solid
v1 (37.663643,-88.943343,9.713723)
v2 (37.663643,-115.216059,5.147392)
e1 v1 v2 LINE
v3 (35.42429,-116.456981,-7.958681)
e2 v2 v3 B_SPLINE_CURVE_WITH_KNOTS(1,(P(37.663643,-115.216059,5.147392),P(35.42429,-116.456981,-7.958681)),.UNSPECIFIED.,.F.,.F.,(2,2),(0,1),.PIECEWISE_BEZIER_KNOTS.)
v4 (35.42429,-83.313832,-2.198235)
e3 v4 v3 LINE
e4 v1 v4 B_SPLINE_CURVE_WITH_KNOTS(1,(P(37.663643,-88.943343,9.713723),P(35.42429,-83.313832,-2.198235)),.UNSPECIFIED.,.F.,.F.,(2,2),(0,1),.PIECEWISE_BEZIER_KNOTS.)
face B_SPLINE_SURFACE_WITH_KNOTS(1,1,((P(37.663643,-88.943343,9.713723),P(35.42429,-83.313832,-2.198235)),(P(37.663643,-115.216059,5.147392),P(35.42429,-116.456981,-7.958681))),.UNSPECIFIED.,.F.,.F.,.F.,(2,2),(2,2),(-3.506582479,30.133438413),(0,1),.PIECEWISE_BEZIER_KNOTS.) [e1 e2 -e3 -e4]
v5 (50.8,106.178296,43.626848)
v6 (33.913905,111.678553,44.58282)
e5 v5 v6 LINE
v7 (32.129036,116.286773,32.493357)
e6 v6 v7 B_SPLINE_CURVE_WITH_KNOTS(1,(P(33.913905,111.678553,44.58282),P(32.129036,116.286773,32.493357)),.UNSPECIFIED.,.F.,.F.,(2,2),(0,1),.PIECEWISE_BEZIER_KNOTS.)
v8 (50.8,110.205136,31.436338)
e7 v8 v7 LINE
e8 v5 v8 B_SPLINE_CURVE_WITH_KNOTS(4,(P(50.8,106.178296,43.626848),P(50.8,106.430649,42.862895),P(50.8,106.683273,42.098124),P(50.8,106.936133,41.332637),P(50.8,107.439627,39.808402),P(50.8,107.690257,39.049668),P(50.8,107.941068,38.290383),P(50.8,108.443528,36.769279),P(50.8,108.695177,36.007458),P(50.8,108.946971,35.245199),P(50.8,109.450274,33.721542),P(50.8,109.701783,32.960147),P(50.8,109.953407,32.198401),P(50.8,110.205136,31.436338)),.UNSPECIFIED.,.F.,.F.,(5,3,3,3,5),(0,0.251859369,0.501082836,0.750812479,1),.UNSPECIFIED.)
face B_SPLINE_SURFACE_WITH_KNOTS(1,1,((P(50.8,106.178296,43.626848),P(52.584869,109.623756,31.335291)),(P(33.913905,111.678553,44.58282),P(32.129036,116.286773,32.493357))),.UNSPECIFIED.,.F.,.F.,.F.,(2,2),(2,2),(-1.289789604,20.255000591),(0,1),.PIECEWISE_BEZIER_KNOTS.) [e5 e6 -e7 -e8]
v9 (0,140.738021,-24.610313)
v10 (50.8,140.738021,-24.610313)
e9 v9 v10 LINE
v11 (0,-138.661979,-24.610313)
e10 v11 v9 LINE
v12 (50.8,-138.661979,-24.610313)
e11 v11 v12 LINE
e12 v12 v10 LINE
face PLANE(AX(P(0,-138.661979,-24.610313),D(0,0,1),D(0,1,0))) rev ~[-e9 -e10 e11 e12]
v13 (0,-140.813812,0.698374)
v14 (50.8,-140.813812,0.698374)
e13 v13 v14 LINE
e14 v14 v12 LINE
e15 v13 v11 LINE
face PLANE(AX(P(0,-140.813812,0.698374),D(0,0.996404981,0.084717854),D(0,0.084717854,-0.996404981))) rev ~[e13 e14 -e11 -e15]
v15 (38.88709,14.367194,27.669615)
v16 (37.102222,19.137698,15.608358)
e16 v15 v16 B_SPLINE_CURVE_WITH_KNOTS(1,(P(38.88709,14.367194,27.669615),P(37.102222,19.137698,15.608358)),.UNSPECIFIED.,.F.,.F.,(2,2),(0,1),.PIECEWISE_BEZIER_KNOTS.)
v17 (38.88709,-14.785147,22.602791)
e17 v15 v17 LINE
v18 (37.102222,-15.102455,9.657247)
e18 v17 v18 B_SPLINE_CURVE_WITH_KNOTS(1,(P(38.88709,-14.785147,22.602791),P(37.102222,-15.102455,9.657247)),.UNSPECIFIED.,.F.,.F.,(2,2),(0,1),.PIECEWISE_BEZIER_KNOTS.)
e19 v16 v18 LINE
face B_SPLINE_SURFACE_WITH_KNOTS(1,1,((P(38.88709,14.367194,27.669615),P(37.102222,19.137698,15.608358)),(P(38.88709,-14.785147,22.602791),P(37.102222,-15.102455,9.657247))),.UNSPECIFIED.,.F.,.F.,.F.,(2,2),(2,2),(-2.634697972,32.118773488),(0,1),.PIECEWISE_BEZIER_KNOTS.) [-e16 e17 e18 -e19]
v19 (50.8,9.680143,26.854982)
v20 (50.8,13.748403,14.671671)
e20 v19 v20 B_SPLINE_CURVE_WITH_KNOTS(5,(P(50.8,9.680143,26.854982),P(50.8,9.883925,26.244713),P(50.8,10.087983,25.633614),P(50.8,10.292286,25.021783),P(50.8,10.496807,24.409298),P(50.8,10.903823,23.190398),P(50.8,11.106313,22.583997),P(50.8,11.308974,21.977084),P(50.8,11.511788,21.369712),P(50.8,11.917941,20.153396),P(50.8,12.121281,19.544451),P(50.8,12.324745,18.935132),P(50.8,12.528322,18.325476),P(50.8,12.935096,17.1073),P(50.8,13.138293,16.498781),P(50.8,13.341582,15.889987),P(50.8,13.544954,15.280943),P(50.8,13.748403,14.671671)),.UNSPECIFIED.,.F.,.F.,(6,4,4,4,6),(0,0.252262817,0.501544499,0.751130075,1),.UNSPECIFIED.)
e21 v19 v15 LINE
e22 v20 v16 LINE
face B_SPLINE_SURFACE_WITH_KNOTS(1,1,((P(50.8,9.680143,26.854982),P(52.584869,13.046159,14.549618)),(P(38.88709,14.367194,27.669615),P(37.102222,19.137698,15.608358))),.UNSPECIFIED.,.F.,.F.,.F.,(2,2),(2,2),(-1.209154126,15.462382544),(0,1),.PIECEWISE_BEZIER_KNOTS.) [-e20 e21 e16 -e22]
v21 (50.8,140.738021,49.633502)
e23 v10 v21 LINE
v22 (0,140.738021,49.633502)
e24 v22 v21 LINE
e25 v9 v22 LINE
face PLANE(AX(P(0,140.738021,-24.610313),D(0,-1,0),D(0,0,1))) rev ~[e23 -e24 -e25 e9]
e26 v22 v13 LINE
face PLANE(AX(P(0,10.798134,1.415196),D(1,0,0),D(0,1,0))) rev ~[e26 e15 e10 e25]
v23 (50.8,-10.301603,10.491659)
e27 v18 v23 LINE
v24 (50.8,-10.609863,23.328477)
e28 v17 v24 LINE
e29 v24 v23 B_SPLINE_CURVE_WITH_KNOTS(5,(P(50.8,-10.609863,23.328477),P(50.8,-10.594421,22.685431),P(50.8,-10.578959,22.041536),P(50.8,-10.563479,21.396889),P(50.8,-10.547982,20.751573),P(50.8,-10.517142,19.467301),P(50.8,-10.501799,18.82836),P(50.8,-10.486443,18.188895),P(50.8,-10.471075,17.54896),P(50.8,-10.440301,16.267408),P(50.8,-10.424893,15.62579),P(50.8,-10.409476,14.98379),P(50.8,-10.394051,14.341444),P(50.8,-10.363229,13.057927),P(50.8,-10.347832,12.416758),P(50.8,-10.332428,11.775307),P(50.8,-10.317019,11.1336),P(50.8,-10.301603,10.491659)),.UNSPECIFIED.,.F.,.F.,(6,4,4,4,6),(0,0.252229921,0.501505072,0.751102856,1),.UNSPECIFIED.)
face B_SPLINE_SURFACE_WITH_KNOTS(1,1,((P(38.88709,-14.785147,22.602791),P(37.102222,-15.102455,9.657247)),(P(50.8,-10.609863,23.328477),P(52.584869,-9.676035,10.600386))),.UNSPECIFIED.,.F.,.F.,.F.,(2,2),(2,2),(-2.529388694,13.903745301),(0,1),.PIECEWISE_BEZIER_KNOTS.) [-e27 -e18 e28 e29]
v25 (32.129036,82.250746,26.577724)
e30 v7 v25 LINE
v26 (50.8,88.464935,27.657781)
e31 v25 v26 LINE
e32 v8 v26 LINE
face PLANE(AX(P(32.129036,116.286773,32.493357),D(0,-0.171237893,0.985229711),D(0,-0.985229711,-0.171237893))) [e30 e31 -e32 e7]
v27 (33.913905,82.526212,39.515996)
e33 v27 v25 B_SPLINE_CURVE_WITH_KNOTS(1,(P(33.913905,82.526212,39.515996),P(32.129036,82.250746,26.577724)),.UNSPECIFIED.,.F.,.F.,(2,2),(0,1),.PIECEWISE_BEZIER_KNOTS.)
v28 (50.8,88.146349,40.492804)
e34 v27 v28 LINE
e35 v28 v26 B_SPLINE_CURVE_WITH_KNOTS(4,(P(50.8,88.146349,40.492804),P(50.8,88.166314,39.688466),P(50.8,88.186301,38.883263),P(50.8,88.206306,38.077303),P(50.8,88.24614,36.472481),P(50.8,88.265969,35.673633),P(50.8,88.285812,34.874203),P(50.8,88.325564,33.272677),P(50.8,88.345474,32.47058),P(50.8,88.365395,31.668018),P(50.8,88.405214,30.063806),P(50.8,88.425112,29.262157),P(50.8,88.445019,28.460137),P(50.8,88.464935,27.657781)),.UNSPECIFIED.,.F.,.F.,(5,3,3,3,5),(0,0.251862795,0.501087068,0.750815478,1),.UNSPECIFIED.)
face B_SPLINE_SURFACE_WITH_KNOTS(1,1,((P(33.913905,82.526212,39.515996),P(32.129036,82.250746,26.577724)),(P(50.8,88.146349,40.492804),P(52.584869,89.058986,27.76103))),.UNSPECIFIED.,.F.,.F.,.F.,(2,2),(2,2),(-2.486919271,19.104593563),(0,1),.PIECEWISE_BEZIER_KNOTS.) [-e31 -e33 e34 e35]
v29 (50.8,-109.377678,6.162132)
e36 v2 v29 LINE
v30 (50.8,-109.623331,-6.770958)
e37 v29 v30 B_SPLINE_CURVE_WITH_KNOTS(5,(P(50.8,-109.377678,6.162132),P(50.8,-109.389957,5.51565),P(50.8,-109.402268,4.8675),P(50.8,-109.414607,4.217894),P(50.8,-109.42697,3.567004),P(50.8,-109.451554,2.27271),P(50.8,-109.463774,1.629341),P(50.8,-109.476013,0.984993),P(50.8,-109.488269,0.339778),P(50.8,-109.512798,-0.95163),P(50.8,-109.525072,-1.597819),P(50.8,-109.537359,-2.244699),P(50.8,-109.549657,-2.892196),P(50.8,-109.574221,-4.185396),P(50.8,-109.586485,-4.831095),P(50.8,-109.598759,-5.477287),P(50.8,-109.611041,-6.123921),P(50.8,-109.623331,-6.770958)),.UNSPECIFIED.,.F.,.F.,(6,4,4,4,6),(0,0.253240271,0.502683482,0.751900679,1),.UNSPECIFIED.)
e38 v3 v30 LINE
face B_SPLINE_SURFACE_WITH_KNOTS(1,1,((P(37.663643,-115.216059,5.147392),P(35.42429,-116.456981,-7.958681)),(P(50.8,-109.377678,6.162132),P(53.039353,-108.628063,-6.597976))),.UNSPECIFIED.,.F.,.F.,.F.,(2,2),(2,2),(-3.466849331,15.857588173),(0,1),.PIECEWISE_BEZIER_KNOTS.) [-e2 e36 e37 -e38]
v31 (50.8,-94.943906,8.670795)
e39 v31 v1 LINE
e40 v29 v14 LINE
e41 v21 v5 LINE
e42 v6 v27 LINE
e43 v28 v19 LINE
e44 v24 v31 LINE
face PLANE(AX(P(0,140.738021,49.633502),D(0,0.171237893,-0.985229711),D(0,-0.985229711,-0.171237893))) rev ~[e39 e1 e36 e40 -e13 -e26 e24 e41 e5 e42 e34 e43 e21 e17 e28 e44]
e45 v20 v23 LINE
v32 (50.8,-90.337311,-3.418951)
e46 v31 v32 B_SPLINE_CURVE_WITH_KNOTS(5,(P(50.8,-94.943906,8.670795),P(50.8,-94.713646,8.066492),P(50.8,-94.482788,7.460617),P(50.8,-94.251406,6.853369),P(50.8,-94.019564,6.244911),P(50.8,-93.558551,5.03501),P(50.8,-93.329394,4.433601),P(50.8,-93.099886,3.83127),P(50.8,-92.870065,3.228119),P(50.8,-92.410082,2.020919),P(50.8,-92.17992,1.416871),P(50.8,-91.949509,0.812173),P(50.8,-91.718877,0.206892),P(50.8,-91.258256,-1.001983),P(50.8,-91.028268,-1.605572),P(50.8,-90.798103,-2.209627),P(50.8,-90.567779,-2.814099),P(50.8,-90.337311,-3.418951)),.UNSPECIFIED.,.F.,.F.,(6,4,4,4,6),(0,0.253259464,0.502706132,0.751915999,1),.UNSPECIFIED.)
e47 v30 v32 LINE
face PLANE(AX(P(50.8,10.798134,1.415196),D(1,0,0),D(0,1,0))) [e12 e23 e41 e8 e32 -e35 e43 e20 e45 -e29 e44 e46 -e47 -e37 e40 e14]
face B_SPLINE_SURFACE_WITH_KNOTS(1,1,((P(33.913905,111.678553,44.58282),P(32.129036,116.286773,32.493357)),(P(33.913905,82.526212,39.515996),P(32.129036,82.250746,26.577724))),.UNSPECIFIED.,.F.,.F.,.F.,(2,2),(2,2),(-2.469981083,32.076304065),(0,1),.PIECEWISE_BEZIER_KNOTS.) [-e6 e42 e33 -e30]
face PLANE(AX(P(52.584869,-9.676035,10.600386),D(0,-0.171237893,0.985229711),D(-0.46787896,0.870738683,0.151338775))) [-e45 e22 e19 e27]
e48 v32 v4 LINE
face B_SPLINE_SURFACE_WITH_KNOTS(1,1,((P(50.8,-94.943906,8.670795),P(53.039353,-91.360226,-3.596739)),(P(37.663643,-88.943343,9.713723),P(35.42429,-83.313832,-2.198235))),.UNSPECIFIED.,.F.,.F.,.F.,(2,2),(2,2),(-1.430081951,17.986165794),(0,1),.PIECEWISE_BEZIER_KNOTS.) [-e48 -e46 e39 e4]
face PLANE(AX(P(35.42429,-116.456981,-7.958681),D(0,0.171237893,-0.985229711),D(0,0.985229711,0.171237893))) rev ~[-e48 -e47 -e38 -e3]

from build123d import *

# Parameters (mm, degrees)
F1_DEPTH = 50.8
F4_DEPTH = 12.7
F4_TAPER = -8
F6_DEPTH = 12.7
F6_TAPER = -10


with BuildPart() as f1:
    # F0 (on Right) → F1 (new body)
    with BuildSketch(Plane.YZ):
        Polygon((-140.8138120502, 0.6983735914), (-138.6619785664, -24.6103129146), (140.7380214336, -24.6103129146), (140.7380214336, 49.6335022594), align=None)
    extrude(amount=F1_DEPTH)

    # F3 (on face) → F4 (cut)
    with BuildSketch(Plane(origin=(0, -4.2468228402, 24.4344050926), x_dir=(1, 0, 0), z_dir=(0, -0.1712378928, 0.9852297113))):
        Polygon((33.9139047941, 117.6632965604), (33.9139047941, 88.0739117662), (50.8, 93.7783047557), (50.8, 112.0805814862), align=None)
        Polygon((50.8, -6.458433345), (50.8, 14.1357549945), (38.8870903277, 18.8930730025), (38.8870903277, -10.6963117917), align=None)
    extrude(amount=-F4_DEPTH, taper=F4_TAPER, mode=Mode.SUBTRACT)

    # F5 (on face) → F6 (cut)
    with BuildSketch(Plane(origin=(0, -4.2468228402, 24.4344050926), x_dir=(1, 0, 0), z_dir=(0, -0.1712378928, 0.9852297113))):
        Polygon((37.663642931, -112.632855773), (50.8, -106.7069470882), (50.8, -92.0567885041), (37.663642931, -85.9662666917), align=None)
    extrude(amount=-F6_DEPTH, taper=F6_TAPER, mode=Mode.SUBTRACT)


solid = f1.part
